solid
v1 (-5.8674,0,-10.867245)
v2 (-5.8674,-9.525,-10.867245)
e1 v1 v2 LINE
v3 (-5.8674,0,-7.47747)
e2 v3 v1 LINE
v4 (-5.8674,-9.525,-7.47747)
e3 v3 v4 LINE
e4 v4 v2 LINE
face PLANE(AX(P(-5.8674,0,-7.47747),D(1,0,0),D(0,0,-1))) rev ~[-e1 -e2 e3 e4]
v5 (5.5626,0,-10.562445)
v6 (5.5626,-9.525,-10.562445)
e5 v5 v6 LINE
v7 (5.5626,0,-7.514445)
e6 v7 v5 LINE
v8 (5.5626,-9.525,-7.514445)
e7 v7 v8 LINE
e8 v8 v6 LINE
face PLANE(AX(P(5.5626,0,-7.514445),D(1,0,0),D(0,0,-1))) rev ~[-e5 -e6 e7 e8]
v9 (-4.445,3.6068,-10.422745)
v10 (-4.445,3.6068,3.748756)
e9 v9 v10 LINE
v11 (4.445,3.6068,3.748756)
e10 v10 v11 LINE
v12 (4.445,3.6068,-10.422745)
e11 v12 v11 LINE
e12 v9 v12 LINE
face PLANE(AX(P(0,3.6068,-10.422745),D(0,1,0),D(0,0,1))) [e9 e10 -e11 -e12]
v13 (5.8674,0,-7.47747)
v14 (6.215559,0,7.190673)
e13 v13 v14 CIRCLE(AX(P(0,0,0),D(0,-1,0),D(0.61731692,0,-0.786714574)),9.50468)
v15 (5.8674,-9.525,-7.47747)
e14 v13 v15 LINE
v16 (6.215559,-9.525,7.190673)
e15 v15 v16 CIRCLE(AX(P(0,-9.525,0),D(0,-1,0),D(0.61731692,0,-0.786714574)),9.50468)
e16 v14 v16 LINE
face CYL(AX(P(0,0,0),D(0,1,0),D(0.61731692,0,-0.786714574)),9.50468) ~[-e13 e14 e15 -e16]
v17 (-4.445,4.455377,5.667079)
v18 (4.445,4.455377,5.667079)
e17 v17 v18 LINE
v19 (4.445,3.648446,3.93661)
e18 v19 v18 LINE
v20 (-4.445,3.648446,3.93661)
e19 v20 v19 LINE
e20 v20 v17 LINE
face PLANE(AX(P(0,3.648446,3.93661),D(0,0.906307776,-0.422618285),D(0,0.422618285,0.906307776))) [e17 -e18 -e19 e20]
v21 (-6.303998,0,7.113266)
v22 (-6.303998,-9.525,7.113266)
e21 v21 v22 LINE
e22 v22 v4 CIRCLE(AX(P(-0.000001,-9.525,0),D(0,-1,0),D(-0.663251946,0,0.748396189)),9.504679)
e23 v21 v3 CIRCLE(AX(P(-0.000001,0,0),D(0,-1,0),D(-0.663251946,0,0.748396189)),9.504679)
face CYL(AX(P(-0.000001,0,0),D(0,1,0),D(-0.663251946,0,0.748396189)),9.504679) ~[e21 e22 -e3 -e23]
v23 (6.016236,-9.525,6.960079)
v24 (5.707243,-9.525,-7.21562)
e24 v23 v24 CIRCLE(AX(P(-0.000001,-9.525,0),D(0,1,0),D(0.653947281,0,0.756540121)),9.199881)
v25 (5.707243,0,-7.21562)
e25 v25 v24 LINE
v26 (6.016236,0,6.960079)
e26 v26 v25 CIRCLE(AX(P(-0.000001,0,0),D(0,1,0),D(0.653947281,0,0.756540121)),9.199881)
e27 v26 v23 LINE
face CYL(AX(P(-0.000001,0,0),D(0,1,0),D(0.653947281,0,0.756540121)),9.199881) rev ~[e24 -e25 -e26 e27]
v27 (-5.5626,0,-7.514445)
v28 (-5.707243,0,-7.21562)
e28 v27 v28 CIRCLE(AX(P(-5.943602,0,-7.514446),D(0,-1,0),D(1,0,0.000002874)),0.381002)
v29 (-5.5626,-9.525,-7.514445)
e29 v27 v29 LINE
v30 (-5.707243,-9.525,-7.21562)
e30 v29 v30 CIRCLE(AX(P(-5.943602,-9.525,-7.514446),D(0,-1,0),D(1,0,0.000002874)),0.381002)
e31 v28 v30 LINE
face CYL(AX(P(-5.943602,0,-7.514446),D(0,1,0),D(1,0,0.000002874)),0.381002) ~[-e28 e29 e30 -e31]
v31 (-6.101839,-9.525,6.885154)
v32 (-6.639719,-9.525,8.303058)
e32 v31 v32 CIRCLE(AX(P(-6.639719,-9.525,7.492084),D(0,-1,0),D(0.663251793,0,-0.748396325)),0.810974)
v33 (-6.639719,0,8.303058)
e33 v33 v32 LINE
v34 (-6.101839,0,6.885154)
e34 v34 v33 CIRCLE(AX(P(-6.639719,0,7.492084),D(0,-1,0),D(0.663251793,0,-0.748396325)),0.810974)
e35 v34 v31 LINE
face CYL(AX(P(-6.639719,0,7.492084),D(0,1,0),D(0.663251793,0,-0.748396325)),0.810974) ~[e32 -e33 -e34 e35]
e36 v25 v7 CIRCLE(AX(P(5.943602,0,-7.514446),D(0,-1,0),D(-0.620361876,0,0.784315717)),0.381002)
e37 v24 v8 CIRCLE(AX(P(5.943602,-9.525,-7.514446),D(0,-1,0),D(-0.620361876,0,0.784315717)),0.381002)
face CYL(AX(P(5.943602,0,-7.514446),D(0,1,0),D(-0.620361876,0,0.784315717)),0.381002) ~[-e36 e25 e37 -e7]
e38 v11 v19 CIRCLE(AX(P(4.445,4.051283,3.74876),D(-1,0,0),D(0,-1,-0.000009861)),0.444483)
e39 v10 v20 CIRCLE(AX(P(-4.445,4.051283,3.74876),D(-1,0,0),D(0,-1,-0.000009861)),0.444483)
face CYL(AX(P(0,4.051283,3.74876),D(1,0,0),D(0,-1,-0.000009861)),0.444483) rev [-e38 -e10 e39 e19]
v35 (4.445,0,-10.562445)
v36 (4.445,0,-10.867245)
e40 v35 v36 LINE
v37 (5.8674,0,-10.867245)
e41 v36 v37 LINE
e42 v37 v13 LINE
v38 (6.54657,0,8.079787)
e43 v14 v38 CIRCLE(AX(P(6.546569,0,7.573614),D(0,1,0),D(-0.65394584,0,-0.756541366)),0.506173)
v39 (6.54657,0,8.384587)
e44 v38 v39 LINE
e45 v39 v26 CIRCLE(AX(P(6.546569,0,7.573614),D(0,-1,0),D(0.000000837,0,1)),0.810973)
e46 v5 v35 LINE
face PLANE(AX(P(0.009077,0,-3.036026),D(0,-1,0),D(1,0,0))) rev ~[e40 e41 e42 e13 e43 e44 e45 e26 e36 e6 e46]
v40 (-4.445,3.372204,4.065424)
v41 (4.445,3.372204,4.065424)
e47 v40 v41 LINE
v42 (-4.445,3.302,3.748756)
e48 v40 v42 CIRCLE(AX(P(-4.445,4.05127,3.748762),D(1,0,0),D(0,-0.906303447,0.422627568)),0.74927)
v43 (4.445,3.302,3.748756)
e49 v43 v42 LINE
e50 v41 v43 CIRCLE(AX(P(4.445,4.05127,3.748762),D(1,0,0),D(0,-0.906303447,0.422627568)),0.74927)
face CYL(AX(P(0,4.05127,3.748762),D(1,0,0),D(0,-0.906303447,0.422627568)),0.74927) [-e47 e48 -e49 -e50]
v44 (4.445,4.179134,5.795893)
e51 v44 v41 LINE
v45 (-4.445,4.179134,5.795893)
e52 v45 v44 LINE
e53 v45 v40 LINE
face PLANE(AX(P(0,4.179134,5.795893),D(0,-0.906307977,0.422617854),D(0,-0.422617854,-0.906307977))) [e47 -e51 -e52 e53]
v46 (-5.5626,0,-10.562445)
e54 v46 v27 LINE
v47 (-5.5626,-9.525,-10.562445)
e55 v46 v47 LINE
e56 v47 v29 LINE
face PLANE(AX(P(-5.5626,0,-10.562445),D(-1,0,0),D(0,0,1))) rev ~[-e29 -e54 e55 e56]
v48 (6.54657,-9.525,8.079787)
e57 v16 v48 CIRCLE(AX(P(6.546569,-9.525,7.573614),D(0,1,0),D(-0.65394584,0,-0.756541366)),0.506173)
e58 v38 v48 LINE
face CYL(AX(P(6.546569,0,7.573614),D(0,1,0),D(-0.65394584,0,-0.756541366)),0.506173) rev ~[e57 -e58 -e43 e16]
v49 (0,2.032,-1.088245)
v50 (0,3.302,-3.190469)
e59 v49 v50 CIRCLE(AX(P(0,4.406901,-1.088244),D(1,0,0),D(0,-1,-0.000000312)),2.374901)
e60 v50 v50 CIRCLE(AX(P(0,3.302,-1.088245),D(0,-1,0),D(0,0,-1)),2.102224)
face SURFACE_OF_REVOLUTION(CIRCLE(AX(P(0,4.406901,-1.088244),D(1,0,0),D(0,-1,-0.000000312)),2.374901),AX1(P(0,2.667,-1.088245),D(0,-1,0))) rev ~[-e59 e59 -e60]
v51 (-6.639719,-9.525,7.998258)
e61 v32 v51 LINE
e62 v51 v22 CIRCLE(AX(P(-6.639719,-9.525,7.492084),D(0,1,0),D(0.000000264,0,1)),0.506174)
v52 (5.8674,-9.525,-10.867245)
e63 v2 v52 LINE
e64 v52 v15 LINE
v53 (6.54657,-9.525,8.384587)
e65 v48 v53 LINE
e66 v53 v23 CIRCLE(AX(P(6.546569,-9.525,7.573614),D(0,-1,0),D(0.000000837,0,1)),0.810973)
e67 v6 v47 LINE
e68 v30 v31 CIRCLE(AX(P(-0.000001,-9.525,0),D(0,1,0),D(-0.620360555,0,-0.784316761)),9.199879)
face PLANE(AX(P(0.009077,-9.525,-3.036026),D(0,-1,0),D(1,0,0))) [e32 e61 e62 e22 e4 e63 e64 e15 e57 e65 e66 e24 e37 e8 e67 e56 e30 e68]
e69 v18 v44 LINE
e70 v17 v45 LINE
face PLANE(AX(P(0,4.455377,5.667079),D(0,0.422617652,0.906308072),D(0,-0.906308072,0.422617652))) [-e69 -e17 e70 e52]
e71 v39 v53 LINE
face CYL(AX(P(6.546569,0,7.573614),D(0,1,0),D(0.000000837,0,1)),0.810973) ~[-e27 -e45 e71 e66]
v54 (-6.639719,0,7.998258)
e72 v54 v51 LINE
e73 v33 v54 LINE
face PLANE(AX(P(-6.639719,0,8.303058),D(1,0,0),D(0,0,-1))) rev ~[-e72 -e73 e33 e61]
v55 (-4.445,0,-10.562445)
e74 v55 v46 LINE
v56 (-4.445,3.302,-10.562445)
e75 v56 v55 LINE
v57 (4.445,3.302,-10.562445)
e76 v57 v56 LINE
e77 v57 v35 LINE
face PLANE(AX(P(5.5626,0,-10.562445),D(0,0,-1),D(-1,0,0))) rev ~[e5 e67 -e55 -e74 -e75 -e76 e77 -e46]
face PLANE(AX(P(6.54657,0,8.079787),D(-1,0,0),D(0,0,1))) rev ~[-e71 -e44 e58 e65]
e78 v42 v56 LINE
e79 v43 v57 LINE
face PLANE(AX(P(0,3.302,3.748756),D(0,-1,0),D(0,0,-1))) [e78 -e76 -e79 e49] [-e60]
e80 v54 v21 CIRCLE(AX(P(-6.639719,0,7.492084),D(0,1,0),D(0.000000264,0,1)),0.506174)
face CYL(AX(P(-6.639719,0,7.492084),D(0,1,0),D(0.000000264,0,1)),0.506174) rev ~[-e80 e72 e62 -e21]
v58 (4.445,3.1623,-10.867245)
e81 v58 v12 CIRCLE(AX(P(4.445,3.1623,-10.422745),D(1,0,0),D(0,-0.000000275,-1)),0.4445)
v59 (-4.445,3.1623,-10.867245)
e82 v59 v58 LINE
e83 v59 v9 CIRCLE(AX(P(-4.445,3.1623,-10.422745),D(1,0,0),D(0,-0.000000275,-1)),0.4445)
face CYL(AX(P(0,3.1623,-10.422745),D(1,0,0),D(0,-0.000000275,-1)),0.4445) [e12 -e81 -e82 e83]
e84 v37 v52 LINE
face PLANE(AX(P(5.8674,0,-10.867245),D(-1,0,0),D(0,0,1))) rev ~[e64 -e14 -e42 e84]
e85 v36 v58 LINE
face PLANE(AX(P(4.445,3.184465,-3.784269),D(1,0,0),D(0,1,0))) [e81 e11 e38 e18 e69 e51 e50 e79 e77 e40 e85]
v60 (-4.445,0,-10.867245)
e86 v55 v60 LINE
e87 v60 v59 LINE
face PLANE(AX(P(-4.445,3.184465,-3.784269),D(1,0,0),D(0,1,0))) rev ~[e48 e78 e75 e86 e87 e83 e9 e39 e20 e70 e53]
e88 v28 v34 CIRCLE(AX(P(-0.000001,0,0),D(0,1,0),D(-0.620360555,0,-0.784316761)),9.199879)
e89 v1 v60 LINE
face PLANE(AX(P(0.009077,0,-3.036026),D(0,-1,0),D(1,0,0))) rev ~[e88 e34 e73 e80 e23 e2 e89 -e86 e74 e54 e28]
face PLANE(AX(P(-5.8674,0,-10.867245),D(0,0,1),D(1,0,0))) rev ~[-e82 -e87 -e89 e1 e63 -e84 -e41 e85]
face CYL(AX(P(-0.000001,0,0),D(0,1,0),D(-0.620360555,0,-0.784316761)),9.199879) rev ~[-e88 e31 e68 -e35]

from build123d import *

# Parameters (mm, degrees)
F1_DEPTH = 9.525
F3_DEPTH = 4.445


with BuildPart() as f1:
    # F0 (on Front) → F1 (new body)
    with BuildSketch(Plane.XZ):
        with BuildLine():
            ThreePointArc((-5.707243, -7.21562), (-9.19628, -0.257349), (-6.101839, 6.885154))
            ThreePointArc((-6.101839, 6.885154), (-5.88147, 7.779725), (-6.639719, 8.303058))
            Line((-6.639719, 8.303058), (-6.639719, 7.998258))
            ThreePointArc((-6.639719, 7.998258), (-6.166454, 7.671617), (-6.303998, 7.113266))
            ThreePointArc((-6.303998, 7.113266), (-9.500428, -0.284281), (-5.8674, -7.47747))
            Line((-5.8674, -7.47747), (-5.8674, -9.920767))
            Line((-5.8674, -9.920767), (-5.8674, -10.867245))
            Line((-5.8674, -10.867245), (5.8674, -10.867245))
            Line((5.8674, -10.867245), (5.8674, -7.47747))
            ThreePointArc((5.8674, -7.47747), (9.502004, -0.225537), (6.215559, 7.190673))
            ThreePointArc((6.215559, 7.190673), (6.072203, 7.750216), (6.54657, 8.079787))
            Line((6.54657, 8.079787), (6.54657, 8.384587))
            ThreePointArc((6.54657, 8.384587), (5.786557, 7.856561), (6.016236, 6.960079))
            ThreePointArc((6.016236, 6.960079), (9.197695, -0.200486), (5.707243, -7.21562))
            ThreePointArc((5.707243, -7.21562), (5.600662, -7.34845), (5.5626, -7.514445))
            Line((5.5626, -7.514445), (5.5626, -10.562445))
            Line((5.5626, -10.562445), (-5.5626, -10.562445))
            Line((-5.5626, -10.562445), (-5.5626, -9.920767))
            Line((-5.5626, -9.920767), (-5.5626, -7.514445))
            ThreePointArc((-5.5626, -7.514445), (-5.600662, -7.34845), (-5.707243, -7.21562))
        make_face()
    extrude(amount=F1_DEPTH)

    # F2 (on Right) → F3 (join, symmetric)
    with BuildSketch(Plane.YZ):
        with BuildLine():
            Line((0, -10.562445), (0, -10.867245))
            Line((0, -10.867245), (3.1623, -10.867245))
            ThreePointArc((3.1623, -10.867245), (3.476609, -10.737054), (3.6068, -10.422745))
            Line((3.6068, -10.422745), (3.6068, 3.748756))
            ThreePointArc((3.6068, 3.748756), (3.617336, 3.844964), (3.648446, 3.93661))
            Line((3.648446, 3.93661), (4.455377, 5.667079))
            Line((4.455377, 5.667079), (4.179134, 5.795893))
            Line((4.179134, 5.795893), (3.372204, 4.065424))
            ThreePointArc((3.372204, 4.065424), (3.319761, 3.910935), (3.302, 3.748756))
            Line((3.302, 3.748756), (3.302, -10.562445))
            Line((3.302, -10.562445), (0, -10.562445))
        make_face()
    extrude(amount=F3_DEPTH, both=True)

    # F4 (on Right) → F5 (revolve)
    with BuildSketch(Plane.YZ):
        with BuildLine():
            Line((3.302, -1.088245), (2.032, -1.088245))
            ThreePointArc((2.032, -1.088245), (2.374146, -2.316276), (3.302, -3.190469))
            Line((3.302, -3.190469), (3.302, -1.088245))
        make_face()
    revolve(axis=Axis((0, 2.667, -1.088245), (0, -1, 0)))


solid = f1.part
